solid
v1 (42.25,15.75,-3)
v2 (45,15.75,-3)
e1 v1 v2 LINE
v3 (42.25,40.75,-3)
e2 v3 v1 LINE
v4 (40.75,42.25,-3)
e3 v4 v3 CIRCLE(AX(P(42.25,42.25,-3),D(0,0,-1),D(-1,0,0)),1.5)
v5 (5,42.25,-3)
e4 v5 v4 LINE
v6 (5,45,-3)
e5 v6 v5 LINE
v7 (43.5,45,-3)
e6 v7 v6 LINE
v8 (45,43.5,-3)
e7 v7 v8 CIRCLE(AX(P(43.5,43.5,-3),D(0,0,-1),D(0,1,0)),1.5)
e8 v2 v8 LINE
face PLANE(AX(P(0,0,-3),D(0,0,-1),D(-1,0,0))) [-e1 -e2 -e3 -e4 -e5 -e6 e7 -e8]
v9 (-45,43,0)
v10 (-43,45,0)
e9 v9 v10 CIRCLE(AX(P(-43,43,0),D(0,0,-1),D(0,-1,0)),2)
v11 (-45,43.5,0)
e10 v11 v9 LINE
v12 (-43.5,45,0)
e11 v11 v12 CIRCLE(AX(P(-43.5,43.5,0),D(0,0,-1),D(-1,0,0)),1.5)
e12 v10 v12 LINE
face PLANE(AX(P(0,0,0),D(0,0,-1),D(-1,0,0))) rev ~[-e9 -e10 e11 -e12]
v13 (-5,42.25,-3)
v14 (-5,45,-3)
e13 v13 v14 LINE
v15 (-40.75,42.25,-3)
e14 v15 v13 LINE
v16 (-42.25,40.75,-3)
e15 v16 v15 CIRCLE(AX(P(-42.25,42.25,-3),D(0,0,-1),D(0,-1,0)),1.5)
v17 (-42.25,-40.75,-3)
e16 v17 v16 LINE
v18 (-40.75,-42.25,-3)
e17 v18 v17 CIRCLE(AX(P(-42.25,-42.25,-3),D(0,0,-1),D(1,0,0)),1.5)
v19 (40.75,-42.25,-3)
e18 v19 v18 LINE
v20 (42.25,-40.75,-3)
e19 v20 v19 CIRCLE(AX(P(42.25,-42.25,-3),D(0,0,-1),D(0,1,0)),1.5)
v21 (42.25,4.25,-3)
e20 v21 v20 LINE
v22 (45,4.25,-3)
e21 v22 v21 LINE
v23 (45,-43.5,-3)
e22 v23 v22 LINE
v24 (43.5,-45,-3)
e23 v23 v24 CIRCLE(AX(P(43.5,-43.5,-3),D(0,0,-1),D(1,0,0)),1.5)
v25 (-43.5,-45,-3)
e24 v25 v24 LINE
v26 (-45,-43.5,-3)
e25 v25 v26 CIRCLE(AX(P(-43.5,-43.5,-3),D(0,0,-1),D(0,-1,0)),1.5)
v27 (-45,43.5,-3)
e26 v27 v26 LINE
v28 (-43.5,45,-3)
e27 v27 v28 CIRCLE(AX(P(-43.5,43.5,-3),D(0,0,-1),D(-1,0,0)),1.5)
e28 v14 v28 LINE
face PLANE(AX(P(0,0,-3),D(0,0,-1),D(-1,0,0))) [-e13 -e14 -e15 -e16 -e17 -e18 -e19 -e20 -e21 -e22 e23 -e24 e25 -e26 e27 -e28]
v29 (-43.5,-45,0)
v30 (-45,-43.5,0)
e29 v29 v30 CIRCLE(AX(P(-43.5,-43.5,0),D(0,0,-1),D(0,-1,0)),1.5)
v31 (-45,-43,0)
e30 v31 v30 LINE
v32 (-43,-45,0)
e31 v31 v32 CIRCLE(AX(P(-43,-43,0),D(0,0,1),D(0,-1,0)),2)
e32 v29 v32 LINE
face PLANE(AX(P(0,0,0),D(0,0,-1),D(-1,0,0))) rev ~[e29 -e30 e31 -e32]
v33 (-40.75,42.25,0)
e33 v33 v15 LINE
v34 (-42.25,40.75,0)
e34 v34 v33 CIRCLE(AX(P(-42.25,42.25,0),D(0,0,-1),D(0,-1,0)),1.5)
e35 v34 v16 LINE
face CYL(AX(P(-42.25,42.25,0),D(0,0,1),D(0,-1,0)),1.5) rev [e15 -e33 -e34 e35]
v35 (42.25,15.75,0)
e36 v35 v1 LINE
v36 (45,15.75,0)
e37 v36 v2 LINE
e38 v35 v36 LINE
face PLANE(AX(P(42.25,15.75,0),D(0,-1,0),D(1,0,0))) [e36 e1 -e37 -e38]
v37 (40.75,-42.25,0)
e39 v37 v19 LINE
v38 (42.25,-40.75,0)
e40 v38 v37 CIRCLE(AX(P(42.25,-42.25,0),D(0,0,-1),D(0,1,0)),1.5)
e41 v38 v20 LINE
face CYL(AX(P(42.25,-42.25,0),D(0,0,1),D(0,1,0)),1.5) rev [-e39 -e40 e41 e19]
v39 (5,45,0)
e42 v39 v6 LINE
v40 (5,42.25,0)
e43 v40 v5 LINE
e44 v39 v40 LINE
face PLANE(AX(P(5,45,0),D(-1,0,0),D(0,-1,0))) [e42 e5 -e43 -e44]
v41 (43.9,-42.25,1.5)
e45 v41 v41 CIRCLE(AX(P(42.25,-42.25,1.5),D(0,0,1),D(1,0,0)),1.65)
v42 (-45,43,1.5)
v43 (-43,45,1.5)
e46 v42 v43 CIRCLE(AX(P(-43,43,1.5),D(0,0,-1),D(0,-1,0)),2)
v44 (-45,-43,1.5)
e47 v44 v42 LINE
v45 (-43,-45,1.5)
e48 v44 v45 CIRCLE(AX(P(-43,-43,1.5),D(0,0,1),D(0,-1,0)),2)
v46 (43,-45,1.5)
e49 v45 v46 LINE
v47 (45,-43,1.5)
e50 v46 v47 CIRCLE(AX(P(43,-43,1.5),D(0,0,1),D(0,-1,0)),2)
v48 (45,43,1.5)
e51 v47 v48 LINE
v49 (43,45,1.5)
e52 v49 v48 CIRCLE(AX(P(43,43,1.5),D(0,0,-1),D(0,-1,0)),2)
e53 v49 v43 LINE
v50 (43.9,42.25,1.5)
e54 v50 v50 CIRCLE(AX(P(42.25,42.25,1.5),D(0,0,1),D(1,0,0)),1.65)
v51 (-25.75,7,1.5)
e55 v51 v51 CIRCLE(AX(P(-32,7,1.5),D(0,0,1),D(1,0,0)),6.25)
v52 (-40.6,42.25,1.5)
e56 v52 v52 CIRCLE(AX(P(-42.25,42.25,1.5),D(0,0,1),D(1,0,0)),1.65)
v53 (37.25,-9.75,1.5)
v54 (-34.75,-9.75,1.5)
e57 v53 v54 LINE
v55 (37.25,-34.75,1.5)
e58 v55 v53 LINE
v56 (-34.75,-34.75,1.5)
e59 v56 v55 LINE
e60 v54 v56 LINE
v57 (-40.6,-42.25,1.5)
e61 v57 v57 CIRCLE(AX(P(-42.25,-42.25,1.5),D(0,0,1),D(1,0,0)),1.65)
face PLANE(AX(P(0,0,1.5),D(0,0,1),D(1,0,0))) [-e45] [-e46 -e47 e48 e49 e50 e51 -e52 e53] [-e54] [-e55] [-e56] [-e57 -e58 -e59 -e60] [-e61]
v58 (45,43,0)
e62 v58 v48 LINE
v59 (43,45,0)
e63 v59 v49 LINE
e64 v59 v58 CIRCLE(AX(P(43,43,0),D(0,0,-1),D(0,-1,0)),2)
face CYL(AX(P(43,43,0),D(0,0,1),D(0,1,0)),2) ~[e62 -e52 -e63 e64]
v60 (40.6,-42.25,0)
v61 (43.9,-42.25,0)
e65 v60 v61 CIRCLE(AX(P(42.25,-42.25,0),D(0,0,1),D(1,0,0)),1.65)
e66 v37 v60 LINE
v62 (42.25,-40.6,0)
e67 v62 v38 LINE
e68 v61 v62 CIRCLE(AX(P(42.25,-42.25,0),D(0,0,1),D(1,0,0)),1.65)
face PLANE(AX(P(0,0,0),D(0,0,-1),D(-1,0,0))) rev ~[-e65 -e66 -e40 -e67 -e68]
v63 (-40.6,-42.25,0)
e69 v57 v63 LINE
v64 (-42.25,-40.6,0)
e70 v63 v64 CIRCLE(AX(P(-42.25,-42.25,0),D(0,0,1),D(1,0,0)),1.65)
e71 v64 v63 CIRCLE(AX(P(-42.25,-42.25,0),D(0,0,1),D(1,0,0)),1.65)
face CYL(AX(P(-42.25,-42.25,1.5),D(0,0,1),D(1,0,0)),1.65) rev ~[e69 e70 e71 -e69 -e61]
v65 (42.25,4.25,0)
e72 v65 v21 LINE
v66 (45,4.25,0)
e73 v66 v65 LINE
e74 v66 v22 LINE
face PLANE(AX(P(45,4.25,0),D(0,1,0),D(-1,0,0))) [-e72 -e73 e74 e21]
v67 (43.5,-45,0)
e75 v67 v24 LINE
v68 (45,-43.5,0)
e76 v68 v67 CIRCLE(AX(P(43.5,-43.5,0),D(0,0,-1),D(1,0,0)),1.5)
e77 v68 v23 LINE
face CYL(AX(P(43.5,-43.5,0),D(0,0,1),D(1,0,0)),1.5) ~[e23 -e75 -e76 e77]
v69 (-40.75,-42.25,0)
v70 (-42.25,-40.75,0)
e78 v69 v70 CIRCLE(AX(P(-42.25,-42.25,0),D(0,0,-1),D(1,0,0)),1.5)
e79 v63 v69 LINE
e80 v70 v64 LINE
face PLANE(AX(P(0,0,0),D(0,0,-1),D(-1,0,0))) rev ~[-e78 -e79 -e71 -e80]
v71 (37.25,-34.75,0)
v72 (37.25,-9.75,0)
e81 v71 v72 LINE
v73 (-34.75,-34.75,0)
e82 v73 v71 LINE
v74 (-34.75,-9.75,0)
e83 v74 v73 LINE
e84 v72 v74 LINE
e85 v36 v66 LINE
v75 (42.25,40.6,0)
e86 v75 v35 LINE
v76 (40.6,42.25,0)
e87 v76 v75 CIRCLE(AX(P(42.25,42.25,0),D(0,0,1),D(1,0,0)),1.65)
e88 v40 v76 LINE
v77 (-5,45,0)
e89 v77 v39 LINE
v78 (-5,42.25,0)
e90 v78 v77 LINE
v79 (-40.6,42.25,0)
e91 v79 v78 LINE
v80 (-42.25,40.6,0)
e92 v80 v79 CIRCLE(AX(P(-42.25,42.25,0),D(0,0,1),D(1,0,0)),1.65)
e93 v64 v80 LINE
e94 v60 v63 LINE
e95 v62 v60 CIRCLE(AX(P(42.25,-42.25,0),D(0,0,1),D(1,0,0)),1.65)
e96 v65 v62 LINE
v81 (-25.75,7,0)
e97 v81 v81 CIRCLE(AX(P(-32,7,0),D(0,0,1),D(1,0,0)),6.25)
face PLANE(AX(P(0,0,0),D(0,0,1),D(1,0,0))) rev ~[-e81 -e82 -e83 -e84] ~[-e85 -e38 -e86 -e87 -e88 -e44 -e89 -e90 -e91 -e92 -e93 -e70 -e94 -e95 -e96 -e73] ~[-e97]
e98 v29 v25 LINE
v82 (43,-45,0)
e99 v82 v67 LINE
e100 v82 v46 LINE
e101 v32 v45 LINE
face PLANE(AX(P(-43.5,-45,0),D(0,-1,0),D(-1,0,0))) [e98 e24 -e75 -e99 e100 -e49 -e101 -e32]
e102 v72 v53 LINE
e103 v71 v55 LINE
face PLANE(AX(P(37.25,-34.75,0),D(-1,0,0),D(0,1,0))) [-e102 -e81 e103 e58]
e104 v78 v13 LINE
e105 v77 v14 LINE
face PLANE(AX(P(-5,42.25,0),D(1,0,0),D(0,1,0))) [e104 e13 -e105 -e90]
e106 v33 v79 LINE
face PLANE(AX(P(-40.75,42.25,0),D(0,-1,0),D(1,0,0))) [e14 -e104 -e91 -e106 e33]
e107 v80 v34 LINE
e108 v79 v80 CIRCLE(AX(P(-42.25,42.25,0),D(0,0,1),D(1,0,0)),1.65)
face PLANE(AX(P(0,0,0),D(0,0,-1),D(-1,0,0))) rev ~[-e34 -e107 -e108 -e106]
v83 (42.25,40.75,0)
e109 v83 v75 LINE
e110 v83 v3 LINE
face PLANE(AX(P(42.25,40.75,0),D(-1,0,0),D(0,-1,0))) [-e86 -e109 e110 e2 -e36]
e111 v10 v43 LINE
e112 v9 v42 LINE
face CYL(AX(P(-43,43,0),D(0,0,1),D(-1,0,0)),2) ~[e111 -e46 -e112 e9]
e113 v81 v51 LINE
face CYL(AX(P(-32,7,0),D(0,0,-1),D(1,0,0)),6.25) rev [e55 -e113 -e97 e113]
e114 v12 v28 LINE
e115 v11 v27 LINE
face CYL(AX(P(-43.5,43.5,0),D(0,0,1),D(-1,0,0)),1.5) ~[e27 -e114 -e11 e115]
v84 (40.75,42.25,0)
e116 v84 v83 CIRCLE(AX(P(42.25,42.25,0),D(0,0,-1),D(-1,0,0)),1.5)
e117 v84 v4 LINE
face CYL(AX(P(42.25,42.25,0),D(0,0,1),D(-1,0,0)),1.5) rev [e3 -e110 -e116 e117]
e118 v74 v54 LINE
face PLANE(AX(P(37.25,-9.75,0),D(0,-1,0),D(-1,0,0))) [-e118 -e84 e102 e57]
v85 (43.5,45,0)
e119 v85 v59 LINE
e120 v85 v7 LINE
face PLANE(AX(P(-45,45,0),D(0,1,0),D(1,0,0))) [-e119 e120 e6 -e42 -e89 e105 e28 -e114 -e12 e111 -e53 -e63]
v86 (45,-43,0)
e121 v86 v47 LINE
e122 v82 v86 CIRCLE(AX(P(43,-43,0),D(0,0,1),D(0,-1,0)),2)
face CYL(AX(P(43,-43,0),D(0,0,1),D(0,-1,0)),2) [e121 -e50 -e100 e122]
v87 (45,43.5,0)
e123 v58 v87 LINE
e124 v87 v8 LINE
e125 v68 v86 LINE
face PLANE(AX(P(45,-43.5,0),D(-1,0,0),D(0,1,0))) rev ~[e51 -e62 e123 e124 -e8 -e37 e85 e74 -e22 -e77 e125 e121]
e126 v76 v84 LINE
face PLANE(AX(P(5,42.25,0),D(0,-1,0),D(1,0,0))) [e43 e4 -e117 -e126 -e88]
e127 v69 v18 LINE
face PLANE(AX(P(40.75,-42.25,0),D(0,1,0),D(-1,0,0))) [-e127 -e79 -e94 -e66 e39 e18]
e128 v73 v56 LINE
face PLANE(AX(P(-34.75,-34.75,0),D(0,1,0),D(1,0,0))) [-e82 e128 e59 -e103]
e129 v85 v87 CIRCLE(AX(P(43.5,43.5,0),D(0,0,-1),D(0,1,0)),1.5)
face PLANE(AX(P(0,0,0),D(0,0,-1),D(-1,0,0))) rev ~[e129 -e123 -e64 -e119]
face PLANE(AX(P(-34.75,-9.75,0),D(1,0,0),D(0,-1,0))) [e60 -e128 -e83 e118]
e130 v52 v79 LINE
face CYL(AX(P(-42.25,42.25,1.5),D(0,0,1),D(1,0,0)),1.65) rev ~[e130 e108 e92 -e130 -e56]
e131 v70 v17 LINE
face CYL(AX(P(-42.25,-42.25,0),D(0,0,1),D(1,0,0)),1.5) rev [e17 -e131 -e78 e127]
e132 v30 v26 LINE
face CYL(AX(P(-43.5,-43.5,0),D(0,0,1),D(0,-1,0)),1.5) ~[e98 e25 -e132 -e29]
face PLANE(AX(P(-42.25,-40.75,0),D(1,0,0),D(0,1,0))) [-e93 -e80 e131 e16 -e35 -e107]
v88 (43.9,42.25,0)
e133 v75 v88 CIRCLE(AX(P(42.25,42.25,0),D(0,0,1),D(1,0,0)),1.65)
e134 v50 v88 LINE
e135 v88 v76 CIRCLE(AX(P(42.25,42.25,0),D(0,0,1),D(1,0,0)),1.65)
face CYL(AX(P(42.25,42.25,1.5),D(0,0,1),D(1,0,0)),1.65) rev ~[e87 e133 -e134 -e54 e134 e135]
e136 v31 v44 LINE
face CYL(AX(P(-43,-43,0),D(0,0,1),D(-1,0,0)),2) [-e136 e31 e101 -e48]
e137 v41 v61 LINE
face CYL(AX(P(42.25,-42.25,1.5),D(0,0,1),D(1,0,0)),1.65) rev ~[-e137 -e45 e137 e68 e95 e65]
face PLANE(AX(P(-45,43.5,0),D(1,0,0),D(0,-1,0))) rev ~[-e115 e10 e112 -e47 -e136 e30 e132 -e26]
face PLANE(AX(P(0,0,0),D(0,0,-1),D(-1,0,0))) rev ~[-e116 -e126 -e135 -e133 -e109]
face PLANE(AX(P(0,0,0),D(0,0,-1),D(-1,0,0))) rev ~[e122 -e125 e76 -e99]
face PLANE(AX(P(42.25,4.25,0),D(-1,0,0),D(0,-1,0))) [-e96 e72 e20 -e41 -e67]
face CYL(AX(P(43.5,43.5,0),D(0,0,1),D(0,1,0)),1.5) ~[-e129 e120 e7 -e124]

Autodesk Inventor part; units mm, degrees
ref_plane "YZ Plane" through (0, 0, 0) normal (1, 0, 0) x (0, 1, 0)
ref_plane "XZ Plane" through (0, 0, 0) normal (0, 1, 0) x (-1, 0, 0)
ref_plane "XY Plane" through (0, 0, 0) normal (0, 0, 1) x (1, 0, 0)
sketch "Sketch1" plane through (0, 0, 0) normal (0, 0, 1) x (1, 0, 0)
  arc A0 (-45, -43.5) -> (-43.5, -45) centre (-43.5, -43.5) ccw projected
  line L0 (-43.5, -45) -> (43.5, -45) projected
  arc A1 (43.5, -45) -> (45, -43.5) centre (43.5, -43.5) ccw projected
  line L1 (45, -43.5) -> (45, 4.25) projected
  line L2 (45, 4.25) -> (42.25, 4.25) projected
  line L3 (42.25, 4.25) -> (42.25, -40.75) projected
  arc A2 (40.75, -42.25) -> (42.25, -40.75) centre (42.25, -42.25) ccw projected
  line L4 (40.75, -42.25) -> (-40.75, -42.25) projected
  arc A3 (-42.25, -40.75) -> (-40.75, -42.25) centre (-42.25, -42.25) ccw projected
  line L5 (-42.25, -40.75) -> (-42.25, 40.75) projected
  arc A4 (-40.75, 42.25) -> (-42.25, 40.75) centre (-42.25, 42.25) ccw projected
  line L6 (-40.75, 42.25) -> (-5, 42.25) projected
  line L7 (-5, 42.25) -> (-5, 45) projected
  line L8 (-5, 45) -> (-43.5, 45) projected
  arc A5 (-43.5, 45) -> (-45, 43.5) centre (-43.5, 43.5) ccw projected
  line L9 (-45, 43.5) -> (-45, -43.5) projected
  line L10 (-45, 45) -> (45, 45)
  line L11 (45, 45) -> (45, -45)
  line L12 (45, -45) -> (-45, -45)
  line L13 (-45, -45) -> (-45, 45)
  line L14 (-45, 45) -> (45, -45) construction
  line L15 (45, 45) -> (-45, -45) construction
  line L16 (37.25, -9.75) -> (-34.75, -9.75)
  line L17 (-34.75, -9.75) -> (-34.75, -34.75)
  line L18 (-34.75, -34.75) -> (37.25, -34.75)
  line L19 (37.25, -34.75) -> (37.25, -9.75)
  circle A6 centre (-32, 7) radius 6.25
  point P0 (0, 0)
  dimension "d0" = 90
  dimension "d1" = 90
  dimension "d2" = 72
  dimension "d3" = 25
  dimension "d4" = 7.5
  dimension "d5" = 5
  dimension "d6" = 12.5
  dimension "d19" = 38
  dimension "d20" = 13
extrude "Extrusion1" add sketch "Sketch1" along normal blind 1.5
fillet "Fillet1" radius 2 4 edges at (45, -45, 0.75) (-45, -45, 0.75) (-45, 45, 0.75) (45, 45, 0.75)
sketch "Sketch2" plane through (0, 0, 1.5) normal (0, 0, 1) x (1, 0, 0)
  arc A0 (40.75, -42.25) -> (42.25, -40.75) centre (42.25, -42.25) ccw projected
  arc A1 (-42.25, -40.75) -> (-40.75, -42.25) centre (-42.25, -42.25) ccw projected
  arc A2 (-40.75, 42.25) -> (-42.25, 40.75) centre (-42.25, 42.25) ccw projected
  arc A3 (42.25, 40.75) -> (40.75, 42.25) centre (42.25, 42.25) ccw projected
  circle A4 centre (42.25, 42.25) radius 1.65
  circle A5 centre (-42.25, 42.25) radius 1.65
  circle A6 centre (-42.25, -42.25) radius 1.65
  circle A7 centre (42.25, -42.25) radius 1.65
  point P0 (0, 0)
  dimension "d12" = 3.3
  dimension "d13" = 3.3
  dimension "d14" = 3.3
  dimension "d15" = 3.3
extrude "Extrusion2" cut sketch "Sketch2" against normal blind 3
sketch "Sketch3" plane through (0, 0, 0) normal (0, 0, -1) x (-1, 0, 0)
  arc A0 (43.5, -45) -> (45, -43.5) centre (43.5, -43.5) ccw projected
  line L0 (43.5, -45) -> (-43.5, -45) projected
  arc A1 (-45, -43.5) -> (-43.5, -45) centre (-43.5, -43.5) ccw projected
  line L1 (-45, -43.5) -> (-45, 4.25) projected
  line L2 (-45, 4.25) -> (-42.25, 4.25) projected
  line L3 (-42.25, 4.25) -> (-42.25, -40.75) projected
  arc A2 (-42.25, -40.75) -> (-40.75, -42.25) centre (-42.25, -42.25) ccw projected
  line L4 (-40.75, -42.25) -> (40.75, -42.25) projected
  arc A3 (40.75, -42.25) -> (42.25, -40.75) centre (42.25, -42.25) ccw projected
  line L5 (42.25, -40.75) -> (42.25, 40.75) projected
  arc A4 (42.25, 40.75) -> (40.75, 42.25) centre (42.25, 42.25) ccw projected
  line L6 (40.75, 42.25) -> (5, 42.25) projected
  line L7 (5, 42.25) -> (5, 45) projected
  line L8 (5, 45) -> (43.5, 45) projected
  arc A5 (45, 43.5) -> (43.5, 45) centre (43.5, 43.5) ccw projected
  line L9 (45, 43.5) -> (45, -43.5) projected
  arc A6 (-43.5, 45) -> (-45, 43.5) centre (-43.5, 43.5) ccw projected
  line L10 (-43.5, 45) -> (-5, 45) projected
  line L11 (-5, 45) -> (-5, 42.25) projected
  line L12 (-5, 42.25) -> (-40.75, 42.25) projected
  arc A7 (-40.75, 42.25) -> (-42.25, 40.75) centre (-42.25, 42.25) ccw projected
  line L13 (-42.25, 40.75) -> (-42.25, 15.75) projected
  line L14 (-42.25, 15.75) -> (-45, 15.75) projected
  line L15 (-45, 15.75) -> (-45, 43.5) projected
  point P0 (0, 0)
extrude "Extrusion3" add sketch "Sketch3" along normal blind 3
properties part number "covor"
